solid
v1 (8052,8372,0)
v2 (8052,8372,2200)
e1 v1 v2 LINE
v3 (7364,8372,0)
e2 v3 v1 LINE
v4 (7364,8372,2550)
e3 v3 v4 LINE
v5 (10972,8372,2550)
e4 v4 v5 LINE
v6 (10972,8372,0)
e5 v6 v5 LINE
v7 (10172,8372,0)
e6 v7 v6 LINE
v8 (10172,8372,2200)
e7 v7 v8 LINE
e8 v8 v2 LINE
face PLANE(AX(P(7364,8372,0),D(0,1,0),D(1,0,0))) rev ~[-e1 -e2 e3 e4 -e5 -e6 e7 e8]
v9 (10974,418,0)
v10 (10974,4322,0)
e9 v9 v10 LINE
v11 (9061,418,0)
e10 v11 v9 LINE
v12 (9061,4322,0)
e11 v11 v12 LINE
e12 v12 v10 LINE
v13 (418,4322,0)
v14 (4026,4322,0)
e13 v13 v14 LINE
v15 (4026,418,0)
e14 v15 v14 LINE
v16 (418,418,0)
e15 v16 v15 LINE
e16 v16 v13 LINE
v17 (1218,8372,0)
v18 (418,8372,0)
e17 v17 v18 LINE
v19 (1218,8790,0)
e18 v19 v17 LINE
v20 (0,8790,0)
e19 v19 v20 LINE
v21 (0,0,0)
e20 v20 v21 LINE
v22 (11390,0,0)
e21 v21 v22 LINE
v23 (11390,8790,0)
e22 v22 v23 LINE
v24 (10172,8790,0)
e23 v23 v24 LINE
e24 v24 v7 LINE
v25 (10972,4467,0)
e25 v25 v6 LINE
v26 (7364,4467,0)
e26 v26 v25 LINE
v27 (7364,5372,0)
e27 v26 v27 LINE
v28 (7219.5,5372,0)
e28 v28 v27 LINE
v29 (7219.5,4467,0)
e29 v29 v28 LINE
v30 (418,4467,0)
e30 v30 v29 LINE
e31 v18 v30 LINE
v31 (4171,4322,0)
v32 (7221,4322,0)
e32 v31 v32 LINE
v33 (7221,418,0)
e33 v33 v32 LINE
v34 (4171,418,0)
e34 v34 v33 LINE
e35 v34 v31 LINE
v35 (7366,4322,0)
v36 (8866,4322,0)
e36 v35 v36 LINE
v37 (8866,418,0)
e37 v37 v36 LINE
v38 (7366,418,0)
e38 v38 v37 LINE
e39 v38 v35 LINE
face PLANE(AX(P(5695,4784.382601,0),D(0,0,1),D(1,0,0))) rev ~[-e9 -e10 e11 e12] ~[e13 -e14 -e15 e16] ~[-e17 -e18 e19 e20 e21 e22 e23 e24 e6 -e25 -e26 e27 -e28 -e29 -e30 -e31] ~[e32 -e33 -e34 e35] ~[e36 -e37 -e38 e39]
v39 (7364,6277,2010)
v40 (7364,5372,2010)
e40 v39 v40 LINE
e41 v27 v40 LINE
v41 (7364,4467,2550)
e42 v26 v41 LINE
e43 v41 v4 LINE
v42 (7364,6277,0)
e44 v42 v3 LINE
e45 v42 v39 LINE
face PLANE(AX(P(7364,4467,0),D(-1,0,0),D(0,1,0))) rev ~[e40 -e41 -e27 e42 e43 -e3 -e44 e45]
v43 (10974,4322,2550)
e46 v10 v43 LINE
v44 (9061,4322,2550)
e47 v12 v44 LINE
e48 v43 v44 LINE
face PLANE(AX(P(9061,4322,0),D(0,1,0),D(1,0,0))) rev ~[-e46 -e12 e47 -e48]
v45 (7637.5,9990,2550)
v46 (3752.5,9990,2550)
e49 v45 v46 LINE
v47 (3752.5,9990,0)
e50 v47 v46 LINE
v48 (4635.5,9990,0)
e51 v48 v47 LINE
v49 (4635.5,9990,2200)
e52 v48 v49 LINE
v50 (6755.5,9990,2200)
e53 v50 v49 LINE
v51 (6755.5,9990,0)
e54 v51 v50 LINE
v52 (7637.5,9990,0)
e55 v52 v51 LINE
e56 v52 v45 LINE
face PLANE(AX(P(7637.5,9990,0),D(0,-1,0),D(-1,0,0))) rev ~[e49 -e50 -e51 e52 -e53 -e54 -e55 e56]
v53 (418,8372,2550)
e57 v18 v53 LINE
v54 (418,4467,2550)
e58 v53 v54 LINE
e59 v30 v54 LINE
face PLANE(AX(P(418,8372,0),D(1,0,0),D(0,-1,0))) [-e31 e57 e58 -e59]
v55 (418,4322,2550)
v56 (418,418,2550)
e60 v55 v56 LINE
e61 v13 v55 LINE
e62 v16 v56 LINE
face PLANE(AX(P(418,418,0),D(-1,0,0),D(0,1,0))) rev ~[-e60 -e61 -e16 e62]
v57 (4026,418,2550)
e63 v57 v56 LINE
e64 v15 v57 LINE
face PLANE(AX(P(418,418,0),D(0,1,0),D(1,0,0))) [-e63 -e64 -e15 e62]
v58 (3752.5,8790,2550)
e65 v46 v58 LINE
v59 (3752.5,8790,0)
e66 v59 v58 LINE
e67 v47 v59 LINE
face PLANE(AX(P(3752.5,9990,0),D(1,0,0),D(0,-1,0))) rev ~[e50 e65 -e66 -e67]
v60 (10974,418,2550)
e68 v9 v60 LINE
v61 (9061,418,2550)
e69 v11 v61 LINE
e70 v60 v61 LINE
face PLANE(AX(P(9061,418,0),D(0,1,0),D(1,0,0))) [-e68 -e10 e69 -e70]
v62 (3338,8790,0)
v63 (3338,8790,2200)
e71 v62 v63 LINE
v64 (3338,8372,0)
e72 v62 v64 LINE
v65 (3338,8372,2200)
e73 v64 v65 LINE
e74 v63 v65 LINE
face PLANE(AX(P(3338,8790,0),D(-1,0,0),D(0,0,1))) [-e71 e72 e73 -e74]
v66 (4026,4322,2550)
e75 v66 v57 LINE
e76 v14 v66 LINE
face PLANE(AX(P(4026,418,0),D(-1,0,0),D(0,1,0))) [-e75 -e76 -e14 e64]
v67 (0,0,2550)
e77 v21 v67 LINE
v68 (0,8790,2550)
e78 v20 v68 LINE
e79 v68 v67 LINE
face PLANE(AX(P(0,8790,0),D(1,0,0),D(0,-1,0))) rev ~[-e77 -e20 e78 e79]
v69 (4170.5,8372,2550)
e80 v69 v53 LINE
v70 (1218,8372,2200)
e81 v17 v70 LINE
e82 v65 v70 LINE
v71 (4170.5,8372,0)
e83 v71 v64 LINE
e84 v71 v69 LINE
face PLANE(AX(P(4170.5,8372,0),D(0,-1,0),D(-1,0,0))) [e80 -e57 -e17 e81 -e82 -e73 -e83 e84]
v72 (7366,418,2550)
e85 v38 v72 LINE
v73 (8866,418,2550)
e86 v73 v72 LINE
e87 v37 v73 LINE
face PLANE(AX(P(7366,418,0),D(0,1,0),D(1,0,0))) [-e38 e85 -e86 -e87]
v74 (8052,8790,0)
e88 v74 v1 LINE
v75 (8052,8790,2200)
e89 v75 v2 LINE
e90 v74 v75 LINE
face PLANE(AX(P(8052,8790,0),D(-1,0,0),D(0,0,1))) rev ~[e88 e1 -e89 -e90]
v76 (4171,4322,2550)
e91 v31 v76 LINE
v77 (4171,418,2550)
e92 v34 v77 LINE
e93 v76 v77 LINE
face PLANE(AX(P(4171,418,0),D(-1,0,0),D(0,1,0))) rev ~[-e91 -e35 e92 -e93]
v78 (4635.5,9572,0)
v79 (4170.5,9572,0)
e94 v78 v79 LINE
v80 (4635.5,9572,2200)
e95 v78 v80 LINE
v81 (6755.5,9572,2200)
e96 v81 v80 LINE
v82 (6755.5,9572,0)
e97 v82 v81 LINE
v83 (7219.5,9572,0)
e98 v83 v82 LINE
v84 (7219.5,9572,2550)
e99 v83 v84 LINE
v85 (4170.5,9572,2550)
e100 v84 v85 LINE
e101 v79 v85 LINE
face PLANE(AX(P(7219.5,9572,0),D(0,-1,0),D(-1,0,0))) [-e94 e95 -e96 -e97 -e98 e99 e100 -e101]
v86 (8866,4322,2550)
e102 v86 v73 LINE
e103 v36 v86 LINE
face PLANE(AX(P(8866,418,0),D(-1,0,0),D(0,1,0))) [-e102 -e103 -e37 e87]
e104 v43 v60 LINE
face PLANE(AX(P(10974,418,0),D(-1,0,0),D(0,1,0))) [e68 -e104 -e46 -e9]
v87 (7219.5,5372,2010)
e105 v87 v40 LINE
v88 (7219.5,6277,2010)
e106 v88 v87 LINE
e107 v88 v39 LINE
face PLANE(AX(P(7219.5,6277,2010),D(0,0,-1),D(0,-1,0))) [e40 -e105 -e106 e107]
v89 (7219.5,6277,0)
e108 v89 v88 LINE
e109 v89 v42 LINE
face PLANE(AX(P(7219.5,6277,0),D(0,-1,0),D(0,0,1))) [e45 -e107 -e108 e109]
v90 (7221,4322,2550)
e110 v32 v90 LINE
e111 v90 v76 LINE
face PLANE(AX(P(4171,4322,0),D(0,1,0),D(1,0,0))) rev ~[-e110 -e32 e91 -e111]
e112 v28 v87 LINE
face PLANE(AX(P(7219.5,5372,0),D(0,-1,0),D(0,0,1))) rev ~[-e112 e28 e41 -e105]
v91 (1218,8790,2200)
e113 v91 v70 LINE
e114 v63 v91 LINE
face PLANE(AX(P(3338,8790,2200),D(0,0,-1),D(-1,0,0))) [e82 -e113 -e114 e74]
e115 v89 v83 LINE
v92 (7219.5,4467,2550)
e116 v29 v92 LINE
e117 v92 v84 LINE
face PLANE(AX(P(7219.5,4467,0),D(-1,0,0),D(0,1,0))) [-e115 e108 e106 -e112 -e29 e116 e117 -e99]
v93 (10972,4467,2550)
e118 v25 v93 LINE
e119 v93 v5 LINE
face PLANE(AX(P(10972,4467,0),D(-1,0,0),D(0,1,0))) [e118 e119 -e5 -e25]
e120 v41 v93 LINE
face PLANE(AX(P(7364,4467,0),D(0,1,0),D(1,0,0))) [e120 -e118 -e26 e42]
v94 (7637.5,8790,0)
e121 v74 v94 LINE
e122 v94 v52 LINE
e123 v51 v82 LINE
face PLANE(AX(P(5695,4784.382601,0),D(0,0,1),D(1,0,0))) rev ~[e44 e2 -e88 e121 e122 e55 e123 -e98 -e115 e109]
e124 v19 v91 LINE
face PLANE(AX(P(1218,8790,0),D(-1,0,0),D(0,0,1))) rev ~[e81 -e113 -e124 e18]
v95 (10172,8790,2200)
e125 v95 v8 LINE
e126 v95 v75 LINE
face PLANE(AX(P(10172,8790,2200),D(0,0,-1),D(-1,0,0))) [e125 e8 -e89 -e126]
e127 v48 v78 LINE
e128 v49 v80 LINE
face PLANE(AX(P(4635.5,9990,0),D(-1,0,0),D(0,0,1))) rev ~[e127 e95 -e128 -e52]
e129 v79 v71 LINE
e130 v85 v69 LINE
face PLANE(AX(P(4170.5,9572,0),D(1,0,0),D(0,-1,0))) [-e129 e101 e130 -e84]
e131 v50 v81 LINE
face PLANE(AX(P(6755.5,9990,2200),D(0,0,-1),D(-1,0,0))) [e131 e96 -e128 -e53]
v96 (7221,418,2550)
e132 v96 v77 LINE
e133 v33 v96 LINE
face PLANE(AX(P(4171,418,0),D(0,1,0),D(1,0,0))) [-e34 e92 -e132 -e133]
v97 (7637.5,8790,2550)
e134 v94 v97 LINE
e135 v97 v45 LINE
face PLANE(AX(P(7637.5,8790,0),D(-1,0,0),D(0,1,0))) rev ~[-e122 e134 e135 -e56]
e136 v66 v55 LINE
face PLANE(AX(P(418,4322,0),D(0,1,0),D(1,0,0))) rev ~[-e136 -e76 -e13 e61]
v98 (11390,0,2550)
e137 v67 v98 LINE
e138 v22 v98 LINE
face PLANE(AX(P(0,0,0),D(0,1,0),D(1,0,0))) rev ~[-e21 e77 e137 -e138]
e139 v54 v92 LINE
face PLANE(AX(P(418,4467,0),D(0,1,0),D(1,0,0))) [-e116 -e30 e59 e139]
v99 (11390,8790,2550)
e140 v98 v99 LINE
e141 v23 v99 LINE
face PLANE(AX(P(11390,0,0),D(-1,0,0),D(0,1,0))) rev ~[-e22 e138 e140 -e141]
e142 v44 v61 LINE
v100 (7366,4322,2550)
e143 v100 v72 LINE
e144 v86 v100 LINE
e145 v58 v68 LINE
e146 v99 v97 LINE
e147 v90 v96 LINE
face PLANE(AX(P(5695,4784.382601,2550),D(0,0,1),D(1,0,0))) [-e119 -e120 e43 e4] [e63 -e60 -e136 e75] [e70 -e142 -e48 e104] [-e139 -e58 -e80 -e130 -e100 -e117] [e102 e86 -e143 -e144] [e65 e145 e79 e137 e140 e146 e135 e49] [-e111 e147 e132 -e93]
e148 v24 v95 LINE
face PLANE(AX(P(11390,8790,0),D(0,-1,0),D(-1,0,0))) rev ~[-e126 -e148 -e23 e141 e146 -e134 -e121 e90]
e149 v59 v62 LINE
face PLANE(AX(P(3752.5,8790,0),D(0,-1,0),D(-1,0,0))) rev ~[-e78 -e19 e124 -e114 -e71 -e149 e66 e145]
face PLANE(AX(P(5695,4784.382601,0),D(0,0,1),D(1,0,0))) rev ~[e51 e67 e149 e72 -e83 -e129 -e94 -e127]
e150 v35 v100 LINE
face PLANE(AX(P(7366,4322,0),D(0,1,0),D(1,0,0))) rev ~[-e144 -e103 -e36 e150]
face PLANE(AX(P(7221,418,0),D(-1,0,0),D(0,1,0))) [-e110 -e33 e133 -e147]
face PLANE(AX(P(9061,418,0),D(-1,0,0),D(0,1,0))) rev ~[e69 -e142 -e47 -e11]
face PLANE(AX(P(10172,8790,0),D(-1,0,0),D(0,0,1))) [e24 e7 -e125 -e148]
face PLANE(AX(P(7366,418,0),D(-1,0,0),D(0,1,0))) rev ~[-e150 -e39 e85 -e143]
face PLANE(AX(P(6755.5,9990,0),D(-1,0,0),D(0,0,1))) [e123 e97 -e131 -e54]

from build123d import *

# Parameters (mm, degrees)
F2_DEPTH  = 2550
F1_W      = 3608
F1_H      = 3905
F3_DEPTH  = 2550
F4_W      = 2120
F4_H      = 2200
F5_DEPTH  = 418
F6_W      = 2120
F6_H      = 2200
F7_DEPTH  = 418
F8_W      = 2120
F8_H      = 2200
F9_DEPTH  = 418
F10_W     = 905
F10_H     = 2010
F11_DEPTH = 144.5
F12_W     = 3608
F12_H     = 3904
F12_W_2   = 3050
F12_W_3   = 1500
F12_W_4   = 1913
F13_DEPTH = 2550.001


with BuildPart() as f2:
    # F0 (on Top) → F2 (new body)
    with BuildSketch(Plane.XY):
        Polygon((0, 8790), (0, 0), (11390, 0), (11390, 8790), (7637.5, 8790), (7637.5, 9990), (3752.5, 9990), (3752.5, 8790), align=None)
    extrude(amount=F2_DEPTH)

    # F1 (on face) → F3 (cut)
    with BuildSketch(Plane.XY):
        Polygon((4170.5, 8372), (418, 8372), (418, 4467), (7219.5, 4467), (7219.5, 9572), (4170.5, 9572), align=None)
        with Locations((9168, 6419.5)):
            Rectangle(F1_W, F1_H)
    extrude(amount=F3_DEPTH, mode=Mode.SUBTRACT)

    # F4 (on face) → F5 (cut)
    with BuildSketch(Plane(origin=(0, 8790, 0), x_dir=(-1, 0, 0), z_dir=(0, 1, 0))):
        with Locations((-9112, 1100)):
            Rectangle(F4_W, F4_H)
    extrude(amount=-F5_DEPTH, mode=Mode.SUBTRACT)

    # F6 (on face) → F7 (cut)
    with BuildSketch(Plane(origin=(0, 9990, 0), x_dir=(-1, 0, 0), z_dir=(0, 1, 0))):
        with Locations((-5695.5, 1100)):
            Rectangle(F6_W, F6_H)
    extrude(amount=-F7_DEPTH, mode=Mode.SUBTRACT)

    # F8 (on face) → F9 (cut)
    with BuildSketch(Plane(origin=(0, 8790, 0), x_dir=(-1, 0, 0), z_dir=(0, 1, 0))):
        with Locations((-2278, 1100)):
            Rectangle(F8_W, F8_H)
    extrude(amount=-F9_DEPTH, mode=Mode.SUBTRACT)

    # F10 (on face) → F11 (cut, through all)
    with BuildSketch(Plane(origin=(7219.5, 0, 0), x_dir=(0, -1, 0), z_dir=(-1, 0, 0))):
        with Locations((-5824.5, 1005)):
            Rectangle(F10_W, F10_H)
    extrude(amount=-F11_DEPTH, mode=Mode.SUBTRACT)

    # F12 (on Top) → F13 (cut, through all)
    with BuildSketch(Plane.XY):
        with Locations((2222, 2370)):
            Rectangle(F12_W, F12_H)
        with Locations((5696, 2370)):
            Rectangle(F12_W_2, F12_H)
        with Locations((8116, 2370)):
            Rectangle(F12_W_3, F12_H)
        with Locations((10017.5, 2370)):
            Rectangle(F12_W_4, F12_H)
    extrude(amount=F13_DEPTH, mode=Mode.SUBTRACT)


solid = f2.part
